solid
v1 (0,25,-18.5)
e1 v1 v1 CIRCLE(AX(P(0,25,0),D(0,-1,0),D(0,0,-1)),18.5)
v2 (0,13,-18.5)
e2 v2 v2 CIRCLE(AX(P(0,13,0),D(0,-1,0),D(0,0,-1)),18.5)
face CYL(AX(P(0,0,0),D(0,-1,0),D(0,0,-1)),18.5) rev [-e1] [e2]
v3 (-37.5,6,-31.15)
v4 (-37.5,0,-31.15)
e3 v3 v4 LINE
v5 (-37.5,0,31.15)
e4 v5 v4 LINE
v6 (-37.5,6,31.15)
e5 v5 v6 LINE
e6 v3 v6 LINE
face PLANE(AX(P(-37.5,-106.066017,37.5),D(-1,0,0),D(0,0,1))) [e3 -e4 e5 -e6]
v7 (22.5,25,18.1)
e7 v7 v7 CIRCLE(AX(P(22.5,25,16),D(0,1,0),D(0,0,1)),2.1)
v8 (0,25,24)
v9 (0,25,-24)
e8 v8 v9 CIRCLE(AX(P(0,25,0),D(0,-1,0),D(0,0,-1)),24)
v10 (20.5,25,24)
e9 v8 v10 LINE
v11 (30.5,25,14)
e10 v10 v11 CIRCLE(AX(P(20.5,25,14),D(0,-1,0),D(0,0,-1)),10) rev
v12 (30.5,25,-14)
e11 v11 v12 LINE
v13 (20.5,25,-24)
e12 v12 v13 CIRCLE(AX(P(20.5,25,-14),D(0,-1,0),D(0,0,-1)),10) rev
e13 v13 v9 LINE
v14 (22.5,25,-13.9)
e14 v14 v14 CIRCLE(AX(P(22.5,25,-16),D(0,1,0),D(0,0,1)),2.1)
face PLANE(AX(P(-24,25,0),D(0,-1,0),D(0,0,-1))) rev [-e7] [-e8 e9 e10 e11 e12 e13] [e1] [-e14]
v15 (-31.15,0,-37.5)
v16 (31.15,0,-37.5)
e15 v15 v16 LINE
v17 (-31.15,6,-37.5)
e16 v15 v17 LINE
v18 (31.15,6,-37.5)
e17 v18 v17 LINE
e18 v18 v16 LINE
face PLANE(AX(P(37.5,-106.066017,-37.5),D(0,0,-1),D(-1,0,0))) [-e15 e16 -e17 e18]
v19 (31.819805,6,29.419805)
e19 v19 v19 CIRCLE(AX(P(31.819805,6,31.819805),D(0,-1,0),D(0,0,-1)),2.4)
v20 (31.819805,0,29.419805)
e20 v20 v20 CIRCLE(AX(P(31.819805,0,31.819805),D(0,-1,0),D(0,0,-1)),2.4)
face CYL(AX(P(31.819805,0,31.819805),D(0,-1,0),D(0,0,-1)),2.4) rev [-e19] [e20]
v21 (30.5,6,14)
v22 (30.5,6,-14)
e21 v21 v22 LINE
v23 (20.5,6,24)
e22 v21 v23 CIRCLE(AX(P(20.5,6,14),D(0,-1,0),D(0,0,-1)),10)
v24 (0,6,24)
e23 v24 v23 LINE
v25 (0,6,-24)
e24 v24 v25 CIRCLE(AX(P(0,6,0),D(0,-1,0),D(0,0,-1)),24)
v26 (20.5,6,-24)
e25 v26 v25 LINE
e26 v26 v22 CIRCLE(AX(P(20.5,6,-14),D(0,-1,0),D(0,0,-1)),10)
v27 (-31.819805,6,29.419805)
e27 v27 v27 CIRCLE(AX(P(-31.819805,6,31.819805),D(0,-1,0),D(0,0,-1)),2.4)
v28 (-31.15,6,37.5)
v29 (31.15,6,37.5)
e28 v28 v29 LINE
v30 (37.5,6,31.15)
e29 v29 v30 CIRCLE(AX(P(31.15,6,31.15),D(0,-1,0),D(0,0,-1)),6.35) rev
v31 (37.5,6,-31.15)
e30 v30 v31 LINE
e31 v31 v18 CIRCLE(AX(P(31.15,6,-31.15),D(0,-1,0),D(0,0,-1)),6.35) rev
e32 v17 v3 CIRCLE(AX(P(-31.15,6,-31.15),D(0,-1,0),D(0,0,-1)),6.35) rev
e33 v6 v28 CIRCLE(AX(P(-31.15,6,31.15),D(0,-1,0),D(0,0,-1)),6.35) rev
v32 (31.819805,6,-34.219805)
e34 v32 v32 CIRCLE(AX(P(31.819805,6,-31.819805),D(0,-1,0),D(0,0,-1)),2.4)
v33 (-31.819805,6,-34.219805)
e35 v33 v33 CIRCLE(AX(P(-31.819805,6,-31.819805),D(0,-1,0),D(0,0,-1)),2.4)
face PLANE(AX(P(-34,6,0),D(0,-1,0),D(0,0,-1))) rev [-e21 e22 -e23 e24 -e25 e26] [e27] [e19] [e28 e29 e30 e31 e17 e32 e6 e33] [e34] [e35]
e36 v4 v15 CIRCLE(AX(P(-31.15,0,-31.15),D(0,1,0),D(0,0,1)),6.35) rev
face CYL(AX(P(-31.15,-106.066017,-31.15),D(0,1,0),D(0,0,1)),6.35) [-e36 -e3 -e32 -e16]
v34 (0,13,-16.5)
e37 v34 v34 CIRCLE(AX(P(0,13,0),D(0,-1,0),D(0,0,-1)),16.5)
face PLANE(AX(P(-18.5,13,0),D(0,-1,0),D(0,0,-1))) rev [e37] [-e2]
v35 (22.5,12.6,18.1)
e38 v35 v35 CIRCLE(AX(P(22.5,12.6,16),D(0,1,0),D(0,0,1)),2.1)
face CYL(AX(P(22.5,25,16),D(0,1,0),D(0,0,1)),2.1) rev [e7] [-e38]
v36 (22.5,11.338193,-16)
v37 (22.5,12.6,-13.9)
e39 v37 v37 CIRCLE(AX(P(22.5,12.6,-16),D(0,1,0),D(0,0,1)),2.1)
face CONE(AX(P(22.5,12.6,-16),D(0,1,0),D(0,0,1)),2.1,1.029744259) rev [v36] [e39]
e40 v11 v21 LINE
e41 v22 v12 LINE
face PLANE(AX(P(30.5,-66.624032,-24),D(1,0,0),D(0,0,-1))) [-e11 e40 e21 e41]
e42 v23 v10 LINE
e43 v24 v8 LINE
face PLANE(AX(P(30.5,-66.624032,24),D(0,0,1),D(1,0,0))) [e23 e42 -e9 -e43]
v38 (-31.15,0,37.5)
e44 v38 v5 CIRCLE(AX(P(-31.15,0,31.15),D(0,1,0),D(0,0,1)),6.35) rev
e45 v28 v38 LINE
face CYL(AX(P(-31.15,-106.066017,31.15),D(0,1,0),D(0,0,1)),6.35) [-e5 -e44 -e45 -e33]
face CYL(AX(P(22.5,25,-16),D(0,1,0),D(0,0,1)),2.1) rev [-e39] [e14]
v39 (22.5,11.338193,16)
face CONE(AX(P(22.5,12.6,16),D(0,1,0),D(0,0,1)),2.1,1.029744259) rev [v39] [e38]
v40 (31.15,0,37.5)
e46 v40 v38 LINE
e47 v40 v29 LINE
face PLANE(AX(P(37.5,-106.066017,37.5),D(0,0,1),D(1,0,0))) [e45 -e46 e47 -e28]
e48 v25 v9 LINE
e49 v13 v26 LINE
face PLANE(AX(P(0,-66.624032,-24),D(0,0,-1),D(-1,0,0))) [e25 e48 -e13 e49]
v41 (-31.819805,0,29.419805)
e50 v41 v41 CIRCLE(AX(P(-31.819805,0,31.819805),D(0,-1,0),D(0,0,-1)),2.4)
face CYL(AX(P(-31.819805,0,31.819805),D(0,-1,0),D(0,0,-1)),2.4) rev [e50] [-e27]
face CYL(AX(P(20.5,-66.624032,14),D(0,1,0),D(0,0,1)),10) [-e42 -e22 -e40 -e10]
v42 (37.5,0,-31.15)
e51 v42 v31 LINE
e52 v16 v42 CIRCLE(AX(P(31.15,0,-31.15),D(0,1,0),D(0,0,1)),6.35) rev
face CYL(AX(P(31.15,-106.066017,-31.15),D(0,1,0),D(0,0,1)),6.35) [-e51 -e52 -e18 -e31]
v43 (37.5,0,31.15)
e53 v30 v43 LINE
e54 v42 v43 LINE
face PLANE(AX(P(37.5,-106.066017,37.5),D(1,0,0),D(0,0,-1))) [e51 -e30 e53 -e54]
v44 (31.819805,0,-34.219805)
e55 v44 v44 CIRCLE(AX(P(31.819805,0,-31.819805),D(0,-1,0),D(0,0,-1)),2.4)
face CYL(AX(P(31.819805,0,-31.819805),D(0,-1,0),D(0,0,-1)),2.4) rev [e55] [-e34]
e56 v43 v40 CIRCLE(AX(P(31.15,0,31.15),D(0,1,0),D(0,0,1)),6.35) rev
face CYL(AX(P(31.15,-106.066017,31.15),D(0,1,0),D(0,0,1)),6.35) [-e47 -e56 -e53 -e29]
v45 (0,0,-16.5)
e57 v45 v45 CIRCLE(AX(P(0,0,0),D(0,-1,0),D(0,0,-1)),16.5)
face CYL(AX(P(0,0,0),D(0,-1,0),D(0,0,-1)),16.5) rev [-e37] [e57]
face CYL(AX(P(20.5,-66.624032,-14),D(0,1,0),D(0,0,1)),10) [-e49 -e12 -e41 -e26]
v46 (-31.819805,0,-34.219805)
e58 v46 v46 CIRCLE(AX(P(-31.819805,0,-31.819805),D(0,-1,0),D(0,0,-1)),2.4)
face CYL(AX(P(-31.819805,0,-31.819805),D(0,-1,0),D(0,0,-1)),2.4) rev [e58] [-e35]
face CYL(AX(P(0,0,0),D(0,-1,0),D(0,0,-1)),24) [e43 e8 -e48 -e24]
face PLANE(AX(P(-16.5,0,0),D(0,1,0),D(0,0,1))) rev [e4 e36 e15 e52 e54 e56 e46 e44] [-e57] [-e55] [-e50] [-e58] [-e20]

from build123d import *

# Parameters (mm, degrees)
SKETCH2_W                = 75
SKETCH2_H                = 75
SKETCH2_R                = 21
BOSS_EXTRUDE1_DEPTH      = 6
M4_CLEARANCE_HOLE1_D     = 4.8
M4_CLEARANCE_HOLE1_DEPTH = 25
FILLET1_R                = 6.35
SKETCH5_R                = 22.809118079
BOSS_EXTRUDE2_DEPTH      = 19
FILLET2_R                = 10
M5_TAPPED_HOLE1_D        = 4.2
M5_TAPPED_HOLE1_DEPTH    = 12.4
M5_TAPPED_HOLE1_TIP      = 1.2618073


with BuildPart() as part:
    # Sketch1 → Revolve1 (revolve)
    with BuildSketch(Plane.XY, mode=Mode.PRIVATE) as revolve1_sk:
        Polygon((-16.5, 0), (-34, 0), (-34, 6), (-24, 6), (-24, 25), (-18.5, 25), (-18.5, 13), (-16.5, 13), align=None)
    revolve(revolve1_sk.sketch.rotate(Axis((0, 0, 0), (0, 1, 0)), 270), axis=Axis((0, 0, 0), (0, 1, 0)))

    # Sketch2 → Boss-Extrude1 (add)
    with BuildSketch(Plane(origin=(0, 6, 0), x_dir=(1, 0, 0), z_dir=(0, 1, 0))):
        Rectangle(SKETCH2_W, SKETCH2_H)
        Circle(SKETCH2_R, mode=Mode.SUBTRACT)
    extrude(amount=-BOSS_EXTRUDE1_DEPTH)

    # M4 Clearance Hole1
    with Locations(Plane(origin=(0, 0, 0), x_dir=(-1, 0, 0), z_dir=(0, -1, 0))):
        with Locations((0, 0), (-31.819805153, 31.819805153), (31.819805153, 31.819805153), (31.819805153, -31.819805153), (-31.819805153, -31.819805153)):
            Hole(M4_CLEARANCE_HOLE1_D / 2, depth=M4_CLEARANCE_HOLE1_DEPTH)

    # Fillet1
    fillet1_edges = [part.edges().sort_by_distance(p)[0] for p in [
        (37.5, 3, 37.5),
        (37.5, 3, -37.5),
        (-37.5, 3, -37.5),
        (-37.5, 3, 37.5),
    ]]
    fillet(fillet1_edges, radius=FILLET1_R)

    # Sketch5 → Boss-Extrude2 (add)
    with BuildSketch(Plane(origin=(0, 25, 0), x_dir=(1, 0, 0), z_dir=(0, 1, 0))):
        with BuildLine():
            Line((0, 24), (6.5, 24))
            Line((6.5, 24), (30.5, 24))
            Line((30.5, 24), (30.5, -24))
            Line((30.5, -24), (6.5, -24))
            Line((6.5, -24), (0, -24))
            ThreePointArc((0, -24), (-24, 0), (0, 24))
        make_face()
        Circle(SKETCH5_R, mode=Mode.SUBTRACT)
    extrude(amount=-BOSS_EXTRUDE2_DEPTH)

    # Fillet2
    fillet2_edges = [part.edges().sort_by_distance(p)[0] for p in [
        (30.5, 15.5, -24),
        (30.5, 15.5, 24),
    ]]
    fillet(fillet2_edges, radius=FILLET2_R)

    # M5 Tapped Hole1
    with Locations(Plane(origin=(0, 25, 0), x_dir=(1, 0, 0), z_dir=(0, 1, 0))):
        with Locations((22.5, 16), (22.5, -16)):
            Hole(M5_TAPPED_HOLE1_D / 2, depth=M5_TAPPED_HOLE1_DEPTH)
            with Locations((0, 0, -(M5_TAPPED_HOLE1_DEPTH + M5_TAPPED_HOLE1_TIP / 2))):  # 118° drill point
                Cone(0, M5_TAPPED_HOLE1_D / 2, M5_TAPPED_HOLE1_TIP, mode=Mode.SUBTRACT)


solid = part.part
